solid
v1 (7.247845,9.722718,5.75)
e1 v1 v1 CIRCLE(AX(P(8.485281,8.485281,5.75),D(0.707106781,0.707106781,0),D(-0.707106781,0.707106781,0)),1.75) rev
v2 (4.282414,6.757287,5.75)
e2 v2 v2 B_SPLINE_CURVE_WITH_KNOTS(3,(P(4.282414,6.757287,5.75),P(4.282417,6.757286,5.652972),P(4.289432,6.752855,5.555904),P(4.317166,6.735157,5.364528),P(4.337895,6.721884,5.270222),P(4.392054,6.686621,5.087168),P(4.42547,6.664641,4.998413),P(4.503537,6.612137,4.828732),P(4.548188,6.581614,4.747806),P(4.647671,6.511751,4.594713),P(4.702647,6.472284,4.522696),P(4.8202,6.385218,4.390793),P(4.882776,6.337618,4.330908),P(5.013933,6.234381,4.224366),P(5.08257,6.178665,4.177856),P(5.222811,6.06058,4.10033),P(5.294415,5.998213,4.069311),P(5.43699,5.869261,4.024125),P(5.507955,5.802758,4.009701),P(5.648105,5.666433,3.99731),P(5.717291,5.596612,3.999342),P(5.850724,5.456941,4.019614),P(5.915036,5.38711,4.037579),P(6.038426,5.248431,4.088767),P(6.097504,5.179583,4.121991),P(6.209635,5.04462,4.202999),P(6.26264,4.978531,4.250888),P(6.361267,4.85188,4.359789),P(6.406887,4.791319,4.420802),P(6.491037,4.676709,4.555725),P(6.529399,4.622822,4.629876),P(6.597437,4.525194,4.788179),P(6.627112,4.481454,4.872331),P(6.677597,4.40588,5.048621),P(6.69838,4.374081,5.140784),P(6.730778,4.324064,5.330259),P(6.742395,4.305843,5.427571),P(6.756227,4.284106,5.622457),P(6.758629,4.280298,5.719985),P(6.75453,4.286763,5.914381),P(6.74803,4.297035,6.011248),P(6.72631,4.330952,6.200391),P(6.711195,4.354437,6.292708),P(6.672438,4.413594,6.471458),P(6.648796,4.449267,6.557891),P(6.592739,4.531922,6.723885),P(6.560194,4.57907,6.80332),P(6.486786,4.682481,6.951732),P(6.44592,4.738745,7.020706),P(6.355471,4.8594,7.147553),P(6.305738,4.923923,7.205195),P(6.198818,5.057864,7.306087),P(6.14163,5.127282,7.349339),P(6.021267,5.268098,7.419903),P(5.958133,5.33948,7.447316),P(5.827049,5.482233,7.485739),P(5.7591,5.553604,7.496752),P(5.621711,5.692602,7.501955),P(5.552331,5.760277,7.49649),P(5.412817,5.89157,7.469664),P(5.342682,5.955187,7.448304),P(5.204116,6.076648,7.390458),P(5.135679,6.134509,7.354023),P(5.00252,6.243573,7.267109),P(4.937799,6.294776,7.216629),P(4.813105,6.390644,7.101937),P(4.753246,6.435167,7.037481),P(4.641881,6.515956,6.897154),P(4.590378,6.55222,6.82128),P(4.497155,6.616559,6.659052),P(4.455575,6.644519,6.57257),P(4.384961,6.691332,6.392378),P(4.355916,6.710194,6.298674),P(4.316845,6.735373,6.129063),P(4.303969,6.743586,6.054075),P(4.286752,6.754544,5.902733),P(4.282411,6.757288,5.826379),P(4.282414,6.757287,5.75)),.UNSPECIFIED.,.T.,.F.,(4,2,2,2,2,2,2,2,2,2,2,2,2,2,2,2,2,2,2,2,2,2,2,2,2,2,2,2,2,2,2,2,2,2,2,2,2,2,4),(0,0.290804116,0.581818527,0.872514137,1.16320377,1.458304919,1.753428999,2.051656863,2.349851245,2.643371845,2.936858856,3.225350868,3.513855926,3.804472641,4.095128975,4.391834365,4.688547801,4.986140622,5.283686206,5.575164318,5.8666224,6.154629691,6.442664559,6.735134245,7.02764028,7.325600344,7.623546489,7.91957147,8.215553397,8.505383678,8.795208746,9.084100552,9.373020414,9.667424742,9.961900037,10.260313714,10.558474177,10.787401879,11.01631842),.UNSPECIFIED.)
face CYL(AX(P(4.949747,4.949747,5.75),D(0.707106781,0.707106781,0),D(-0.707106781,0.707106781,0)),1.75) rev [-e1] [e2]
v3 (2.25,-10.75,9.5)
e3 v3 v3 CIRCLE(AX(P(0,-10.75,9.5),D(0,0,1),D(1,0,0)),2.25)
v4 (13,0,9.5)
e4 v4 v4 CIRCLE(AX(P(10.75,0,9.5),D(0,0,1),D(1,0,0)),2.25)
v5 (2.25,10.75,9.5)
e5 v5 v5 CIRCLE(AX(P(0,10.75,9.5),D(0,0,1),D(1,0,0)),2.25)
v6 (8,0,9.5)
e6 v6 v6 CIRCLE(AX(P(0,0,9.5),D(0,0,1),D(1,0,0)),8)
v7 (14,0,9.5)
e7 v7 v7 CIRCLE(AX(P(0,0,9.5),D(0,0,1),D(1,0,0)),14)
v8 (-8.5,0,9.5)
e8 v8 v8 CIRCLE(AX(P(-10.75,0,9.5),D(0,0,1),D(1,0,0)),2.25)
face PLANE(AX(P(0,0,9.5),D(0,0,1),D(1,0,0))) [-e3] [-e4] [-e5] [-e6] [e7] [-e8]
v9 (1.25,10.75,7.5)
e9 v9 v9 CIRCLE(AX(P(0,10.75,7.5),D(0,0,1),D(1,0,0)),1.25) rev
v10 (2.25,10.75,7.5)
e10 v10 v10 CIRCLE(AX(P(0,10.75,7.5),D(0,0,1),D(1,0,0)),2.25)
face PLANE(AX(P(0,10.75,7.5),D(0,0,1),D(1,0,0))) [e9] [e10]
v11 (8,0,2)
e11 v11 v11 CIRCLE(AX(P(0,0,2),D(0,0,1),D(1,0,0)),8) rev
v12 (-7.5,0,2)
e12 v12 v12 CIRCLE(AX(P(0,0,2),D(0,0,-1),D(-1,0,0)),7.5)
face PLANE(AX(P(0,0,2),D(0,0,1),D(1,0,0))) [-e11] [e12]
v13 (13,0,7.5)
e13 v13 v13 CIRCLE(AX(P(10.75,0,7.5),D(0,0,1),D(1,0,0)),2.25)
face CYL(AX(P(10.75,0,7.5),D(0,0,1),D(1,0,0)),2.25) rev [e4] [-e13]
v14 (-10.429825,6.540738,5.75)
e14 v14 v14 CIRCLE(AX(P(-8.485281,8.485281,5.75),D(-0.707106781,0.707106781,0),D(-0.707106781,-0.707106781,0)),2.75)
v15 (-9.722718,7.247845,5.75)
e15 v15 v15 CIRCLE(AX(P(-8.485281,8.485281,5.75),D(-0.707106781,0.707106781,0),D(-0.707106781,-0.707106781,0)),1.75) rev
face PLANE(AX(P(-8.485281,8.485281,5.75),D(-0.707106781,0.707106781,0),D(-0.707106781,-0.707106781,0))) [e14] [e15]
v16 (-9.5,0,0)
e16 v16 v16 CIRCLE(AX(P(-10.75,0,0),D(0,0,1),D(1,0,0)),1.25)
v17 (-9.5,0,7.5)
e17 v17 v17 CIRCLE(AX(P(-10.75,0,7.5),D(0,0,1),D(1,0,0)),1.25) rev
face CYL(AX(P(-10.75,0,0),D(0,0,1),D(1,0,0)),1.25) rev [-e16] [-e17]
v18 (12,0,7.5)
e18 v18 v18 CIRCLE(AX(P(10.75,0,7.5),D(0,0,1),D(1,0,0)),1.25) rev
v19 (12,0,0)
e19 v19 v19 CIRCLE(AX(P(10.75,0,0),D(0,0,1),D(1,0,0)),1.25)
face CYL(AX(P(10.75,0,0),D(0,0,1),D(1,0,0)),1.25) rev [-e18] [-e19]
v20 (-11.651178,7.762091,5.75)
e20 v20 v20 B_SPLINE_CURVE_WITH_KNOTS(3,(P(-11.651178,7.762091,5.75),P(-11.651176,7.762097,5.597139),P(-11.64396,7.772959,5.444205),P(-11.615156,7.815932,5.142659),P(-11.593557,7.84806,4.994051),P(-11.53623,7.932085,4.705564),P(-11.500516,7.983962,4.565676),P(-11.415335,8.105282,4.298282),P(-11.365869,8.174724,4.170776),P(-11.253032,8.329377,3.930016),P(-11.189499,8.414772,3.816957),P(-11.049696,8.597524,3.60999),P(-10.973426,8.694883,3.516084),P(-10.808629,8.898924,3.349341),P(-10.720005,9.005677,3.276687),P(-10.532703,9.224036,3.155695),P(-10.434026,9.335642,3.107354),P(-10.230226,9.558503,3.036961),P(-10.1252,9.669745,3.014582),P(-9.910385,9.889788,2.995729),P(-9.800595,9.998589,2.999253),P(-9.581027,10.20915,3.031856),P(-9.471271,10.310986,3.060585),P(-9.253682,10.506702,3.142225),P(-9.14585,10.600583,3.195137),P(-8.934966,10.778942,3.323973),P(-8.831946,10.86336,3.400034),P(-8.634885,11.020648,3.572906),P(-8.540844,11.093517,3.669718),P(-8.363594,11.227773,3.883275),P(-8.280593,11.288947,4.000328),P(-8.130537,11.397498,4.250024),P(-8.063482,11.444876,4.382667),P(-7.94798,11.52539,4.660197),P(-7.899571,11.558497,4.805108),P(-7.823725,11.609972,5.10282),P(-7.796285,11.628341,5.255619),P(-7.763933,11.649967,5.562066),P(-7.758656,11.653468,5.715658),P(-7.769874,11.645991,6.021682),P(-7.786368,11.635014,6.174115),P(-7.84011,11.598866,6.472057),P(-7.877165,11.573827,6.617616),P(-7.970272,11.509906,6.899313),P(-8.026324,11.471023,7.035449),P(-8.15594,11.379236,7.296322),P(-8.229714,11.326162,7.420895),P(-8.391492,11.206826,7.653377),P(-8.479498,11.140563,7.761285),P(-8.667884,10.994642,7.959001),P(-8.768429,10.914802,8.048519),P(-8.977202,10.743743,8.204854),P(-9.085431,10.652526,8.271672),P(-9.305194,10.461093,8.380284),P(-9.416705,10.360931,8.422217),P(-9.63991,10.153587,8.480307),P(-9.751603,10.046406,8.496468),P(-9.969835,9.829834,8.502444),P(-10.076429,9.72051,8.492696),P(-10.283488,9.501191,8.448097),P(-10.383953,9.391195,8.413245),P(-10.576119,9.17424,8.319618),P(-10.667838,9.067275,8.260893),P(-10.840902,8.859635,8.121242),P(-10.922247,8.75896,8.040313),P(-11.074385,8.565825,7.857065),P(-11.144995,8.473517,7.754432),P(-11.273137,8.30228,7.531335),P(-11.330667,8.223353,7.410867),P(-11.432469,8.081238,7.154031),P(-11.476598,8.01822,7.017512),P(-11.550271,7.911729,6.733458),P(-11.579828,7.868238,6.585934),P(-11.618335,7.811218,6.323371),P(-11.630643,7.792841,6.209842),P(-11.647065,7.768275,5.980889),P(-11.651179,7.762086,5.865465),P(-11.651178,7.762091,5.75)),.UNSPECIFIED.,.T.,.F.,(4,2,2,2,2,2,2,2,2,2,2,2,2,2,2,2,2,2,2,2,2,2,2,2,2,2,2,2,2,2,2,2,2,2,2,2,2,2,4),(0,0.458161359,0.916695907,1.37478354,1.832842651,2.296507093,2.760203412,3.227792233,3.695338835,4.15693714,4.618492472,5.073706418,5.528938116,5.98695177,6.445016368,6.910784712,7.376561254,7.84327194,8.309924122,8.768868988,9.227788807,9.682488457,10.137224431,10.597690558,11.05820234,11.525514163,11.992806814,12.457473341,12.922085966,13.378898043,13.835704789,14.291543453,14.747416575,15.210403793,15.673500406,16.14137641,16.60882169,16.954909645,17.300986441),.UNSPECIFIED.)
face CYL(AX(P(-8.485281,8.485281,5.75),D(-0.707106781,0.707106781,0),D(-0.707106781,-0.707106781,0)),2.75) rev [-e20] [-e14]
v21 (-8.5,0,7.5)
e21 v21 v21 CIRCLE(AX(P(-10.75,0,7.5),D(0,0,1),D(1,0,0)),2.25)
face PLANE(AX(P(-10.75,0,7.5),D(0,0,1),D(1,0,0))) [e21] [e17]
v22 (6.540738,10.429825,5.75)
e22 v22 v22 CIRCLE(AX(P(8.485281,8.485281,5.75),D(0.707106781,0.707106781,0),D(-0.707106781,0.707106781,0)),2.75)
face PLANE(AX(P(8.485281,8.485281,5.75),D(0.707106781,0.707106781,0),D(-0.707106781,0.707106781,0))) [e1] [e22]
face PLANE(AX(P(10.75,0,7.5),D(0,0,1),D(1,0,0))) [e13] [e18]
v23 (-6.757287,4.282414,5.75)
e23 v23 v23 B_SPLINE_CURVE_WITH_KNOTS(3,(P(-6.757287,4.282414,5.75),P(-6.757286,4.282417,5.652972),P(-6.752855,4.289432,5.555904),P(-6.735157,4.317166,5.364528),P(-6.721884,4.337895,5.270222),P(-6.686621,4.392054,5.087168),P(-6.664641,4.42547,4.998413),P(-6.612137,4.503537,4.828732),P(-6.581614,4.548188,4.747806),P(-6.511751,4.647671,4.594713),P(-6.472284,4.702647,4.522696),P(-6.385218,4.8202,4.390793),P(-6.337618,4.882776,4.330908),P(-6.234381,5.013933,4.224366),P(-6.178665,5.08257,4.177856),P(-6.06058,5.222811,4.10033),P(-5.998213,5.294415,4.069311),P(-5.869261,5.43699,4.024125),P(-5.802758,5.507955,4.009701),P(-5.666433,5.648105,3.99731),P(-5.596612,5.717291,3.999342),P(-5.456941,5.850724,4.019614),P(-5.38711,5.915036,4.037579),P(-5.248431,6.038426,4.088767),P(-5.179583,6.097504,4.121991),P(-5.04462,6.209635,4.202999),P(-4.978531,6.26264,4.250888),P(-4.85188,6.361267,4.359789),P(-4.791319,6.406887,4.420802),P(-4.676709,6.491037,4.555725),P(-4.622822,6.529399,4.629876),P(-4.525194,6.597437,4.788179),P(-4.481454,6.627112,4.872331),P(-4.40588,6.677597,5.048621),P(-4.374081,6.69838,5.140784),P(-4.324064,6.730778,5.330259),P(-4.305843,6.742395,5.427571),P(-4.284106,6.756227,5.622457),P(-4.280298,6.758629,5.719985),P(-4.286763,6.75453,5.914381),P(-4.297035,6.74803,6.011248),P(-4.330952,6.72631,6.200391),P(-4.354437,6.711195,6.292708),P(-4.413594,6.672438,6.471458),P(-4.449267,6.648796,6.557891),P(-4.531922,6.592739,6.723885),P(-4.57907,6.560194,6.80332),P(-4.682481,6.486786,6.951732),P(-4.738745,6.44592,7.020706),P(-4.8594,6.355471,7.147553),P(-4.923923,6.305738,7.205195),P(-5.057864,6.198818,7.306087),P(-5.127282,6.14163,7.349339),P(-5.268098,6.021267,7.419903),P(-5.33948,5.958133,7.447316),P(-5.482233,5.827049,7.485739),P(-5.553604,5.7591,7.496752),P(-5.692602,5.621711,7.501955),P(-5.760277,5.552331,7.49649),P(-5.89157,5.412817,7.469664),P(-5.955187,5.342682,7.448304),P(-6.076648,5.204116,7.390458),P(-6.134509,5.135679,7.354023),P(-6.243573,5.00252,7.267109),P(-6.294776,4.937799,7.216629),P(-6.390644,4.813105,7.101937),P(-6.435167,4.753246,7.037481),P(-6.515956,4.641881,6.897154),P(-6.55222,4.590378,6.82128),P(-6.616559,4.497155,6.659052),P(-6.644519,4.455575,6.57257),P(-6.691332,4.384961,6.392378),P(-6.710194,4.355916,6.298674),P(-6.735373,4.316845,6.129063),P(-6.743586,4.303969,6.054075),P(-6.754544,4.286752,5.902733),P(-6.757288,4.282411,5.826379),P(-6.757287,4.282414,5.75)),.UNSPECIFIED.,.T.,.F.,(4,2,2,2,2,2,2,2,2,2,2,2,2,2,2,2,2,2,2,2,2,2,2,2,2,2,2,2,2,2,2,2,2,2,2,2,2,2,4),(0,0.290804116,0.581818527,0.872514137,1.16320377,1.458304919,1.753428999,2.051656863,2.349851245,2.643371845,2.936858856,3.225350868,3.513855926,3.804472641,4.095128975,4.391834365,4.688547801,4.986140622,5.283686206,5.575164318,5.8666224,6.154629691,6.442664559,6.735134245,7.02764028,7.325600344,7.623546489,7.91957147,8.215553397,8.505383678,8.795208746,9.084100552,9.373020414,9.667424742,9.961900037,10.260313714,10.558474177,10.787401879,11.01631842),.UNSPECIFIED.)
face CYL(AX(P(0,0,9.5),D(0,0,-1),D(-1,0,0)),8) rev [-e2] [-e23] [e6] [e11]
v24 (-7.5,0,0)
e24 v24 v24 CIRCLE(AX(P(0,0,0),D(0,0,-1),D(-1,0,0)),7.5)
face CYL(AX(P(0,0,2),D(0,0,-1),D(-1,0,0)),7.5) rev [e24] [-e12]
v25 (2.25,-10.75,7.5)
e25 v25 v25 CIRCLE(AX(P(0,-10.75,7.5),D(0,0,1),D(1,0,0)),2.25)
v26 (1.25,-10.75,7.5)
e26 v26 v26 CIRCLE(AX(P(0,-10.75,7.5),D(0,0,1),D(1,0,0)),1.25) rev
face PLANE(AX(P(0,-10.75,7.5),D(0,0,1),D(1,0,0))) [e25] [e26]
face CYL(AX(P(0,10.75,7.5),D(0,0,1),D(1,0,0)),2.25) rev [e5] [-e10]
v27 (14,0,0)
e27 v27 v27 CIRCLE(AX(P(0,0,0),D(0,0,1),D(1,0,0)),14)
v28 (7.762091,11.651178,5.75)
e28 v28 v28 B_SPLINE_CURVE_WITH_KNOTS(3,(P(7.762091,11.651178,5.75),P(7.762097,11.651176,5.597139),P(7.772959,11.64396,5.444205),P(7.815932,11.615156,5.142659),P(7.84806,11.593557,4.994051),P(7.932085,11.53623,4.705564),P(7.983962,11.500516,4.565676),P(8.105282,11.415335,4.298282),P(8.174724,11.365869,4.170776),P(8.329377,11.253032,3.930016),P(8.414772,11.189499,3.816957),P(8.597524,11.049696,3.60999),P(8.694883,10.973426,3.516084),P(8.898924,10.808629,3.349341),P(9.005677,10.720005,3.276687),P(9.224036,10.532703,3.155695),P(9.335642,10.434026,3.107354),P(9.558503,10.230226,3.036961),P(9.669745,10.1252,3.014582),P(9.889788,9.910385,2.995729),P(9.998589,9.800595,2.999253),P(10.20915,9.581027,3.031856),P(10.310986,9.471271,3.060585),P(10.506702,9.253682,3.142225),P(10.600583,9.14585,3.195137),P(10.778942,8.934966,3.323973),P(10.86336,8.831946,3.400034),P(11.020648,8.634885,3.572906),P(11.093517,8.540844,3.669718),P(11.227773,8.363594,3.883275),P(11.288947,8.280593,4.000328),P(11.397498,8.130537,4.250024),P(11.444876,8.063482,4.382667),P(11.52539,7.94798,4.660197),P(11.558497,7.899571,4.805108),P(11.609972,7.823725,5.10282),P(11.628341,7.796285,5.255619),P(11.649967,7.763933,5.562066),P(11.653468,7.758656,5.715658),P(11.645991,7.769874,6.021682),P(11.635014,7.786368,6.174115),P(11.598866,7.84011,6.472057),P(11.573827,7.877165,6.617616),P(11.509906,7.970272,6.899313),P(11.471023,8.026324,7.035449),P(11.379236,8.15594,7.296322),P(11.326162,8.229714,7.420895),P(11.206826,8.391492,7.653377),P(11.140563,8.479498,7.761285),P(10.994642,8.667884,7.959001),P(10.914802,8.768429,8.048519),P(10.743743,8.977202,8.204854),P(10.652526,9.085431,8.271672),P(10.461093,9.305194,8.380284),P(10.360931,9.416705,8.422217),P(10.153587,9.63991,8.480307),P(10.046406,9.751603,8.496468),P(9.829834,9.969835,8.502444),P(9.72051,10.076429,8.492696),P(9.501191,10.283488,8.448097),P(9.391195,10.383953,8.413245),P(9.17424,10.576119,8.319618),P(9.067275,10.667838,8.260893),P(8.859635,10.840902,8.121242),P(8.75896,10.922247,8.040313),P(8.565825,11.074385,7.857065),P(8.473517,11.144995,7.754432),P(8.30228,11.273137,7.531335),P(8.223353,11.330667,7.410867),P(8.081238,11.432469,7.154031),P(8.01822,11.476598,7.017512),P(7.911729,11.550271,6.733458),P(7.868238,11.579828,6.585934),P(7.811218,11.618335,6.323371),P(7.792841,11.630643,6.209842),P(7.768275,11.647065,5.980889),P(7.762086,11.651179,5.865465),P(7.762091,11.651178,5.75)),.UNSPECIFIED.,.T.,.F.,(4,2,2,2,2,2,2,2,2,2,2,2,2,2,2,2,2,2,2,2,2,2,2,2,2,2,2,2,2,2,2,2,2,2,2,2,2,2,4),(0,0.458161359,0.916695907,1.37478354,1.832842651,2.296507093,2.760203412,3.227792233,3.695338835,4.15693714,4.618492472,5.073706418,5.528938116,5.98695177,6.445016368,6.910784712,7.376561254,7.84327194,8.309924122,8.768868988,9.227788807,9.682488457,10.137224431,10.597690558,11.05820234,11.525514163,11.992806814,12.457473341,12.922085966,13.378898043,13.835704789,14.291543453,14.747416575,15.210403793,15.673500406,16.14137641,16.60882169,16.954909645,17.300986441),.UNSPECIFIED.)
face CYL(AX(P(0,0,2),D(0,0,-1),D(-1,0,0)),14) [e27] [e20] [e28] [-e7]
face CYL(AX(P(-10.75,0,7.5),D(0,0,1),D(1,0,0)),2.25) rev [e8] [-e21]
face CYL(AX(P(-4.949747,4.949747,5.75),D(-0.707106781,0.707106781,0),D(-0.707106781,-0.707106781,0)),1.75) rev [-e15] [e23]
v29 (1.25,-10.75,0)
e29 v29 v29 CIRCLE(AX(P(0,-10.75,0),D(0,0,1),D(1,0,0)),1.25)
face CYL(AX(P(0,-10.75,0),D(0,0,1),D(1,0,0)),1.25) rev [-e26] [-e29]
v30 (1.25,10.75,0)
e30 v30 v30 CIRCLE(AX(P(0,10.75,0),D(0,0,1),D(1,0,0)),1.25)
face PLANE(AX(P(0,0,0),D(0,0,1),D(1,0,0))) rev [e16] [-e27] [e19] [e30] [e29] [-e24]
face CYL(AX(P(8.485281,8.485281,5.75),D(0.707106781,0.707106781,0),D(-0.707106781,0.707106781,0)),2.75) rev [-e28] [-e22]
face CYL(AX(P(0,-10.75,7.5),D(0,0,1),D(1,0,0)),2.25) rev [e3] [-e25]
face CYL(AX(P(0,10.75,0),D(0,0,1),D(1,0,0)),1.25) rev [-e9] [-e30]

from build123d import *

# Parameters (mm, degrees)
SKETCH1_R           = 14
BOSS_EXTRUDE1_DEPTH = 2
SKETCH2_R           = 14
SKETCH2_R_2         = 8
BOSS_EXTRUDE2_DEPTH = 7.5
SKETCH3_R           = 7.5
CUT_EXTRUDE1_DEPTH  = 2
SKETCH5_R           = 1.25
CUT_EXTRUDE2_DEPTH  = 22.960191256
SKETCH7_R           = 1.75
CUT_EXTRUDE3_DEPTH  = 7
SKETCH9_R           = 1.75
CUT_EXTRUDE4_DEPTH  = 7
SKETCH10_R          = 2.25
CUT_EXTRUDE5_DEPTH  = 2
SKETCH11_R          = 2.75
CUT_EXTRUDE6_DEPTH  = 2
SKETCH12_R          = 2.75
CUT_EXTRUDE7_DEPTH  = 2


with BuildPart() as part:
    # Sketch1 → Boss-Extrude1 (new body)
    with BuildSketch(Plane.XY):
        Circle(SKETCH1_R)
    extrude(amount=BOSS_EXTRUDE1_DEPTH)

    # Sketch2 → Boss-Extrude2 (add)
    with BuildSketch(Plane.XY.offset(2)):
        Circle(SKETCH2_R)
        Circle(SKETCH2_R_2, mode=Mode.SUBTRACT)
    extrude(amount=BOSS_EXTRUDE2_DEPTH)

    # Sketch3 → Cut-Extrude1 (cut)
    with BuildSketch(Plane(origin=(0, 0, 0), x_dir=(-1, 0, 0), z_dir=(0, 0, -1))):
        Circle(SKETCH3_R)
    extrude(amount=-CUT_EXTRUDE1_DEPTH, mode=Mode.SUBTRACT)

    # Sketch5 → Cut-Extrude2 (cut, through all)
    with BuildSketch(Plane.XY.offset(9.5)):
        with Locations((0, 10.75)):
            Circle(SKETCH5_R)
        with Locations((10.75, 0)):
            Circle(SKETCH5_R)
        with Locations((0, -10.75)):
            Circle(SKETCH5_R)
        with Locations((-10.75, 0)):
            Circle(SKETCH5_R)
    extrude(amount=-CUT_EXTRUDE2_DEPTH, mode=Mode.SUBTRACT)

    # Sketch7 → Cut-Extrude3 (cut)
    with BuildSketch(Plane(origin=(9.899494937, 9.899494937, 0), x_dir=(0.7071067811865489, -0.7071067811865461, 0), z_dir=(0.7071067811865461, 0.7071067811865489, 0))):
        with Locations((0, -5.75)):
            Circle(SKETCH7_R)
    extrude(amount=-CUT_EXTRUDE3_DEPTH, mode=Mode.SUBTRACT)

    # Sketch9 → Cut-Extrude4 (cut)
    with BuildSketch(Plane(origin=(-9.899494937, 9.899494937, 0), x_dir=(0, 0, 1), z_dir=(-0.7071067811865489, 0.7071067811865462, 0))):
        with Locations((5.75, 0)):
            Circle(SKETCH9_R)
    extrude(amount=-CUT_EXTRUDE4_DEPTH, mode=Mode.SUBTRACT)

    # Sketch10 → Cut-Extrude5 (cut)
    with BuildSketch(Plane.XY.offset(9.5)):
        with Locations((0, 10.75)):
            Circle(SKETCH10_R)
        with Locations((10.75, 0)):
            Circle(SKETCH10_R)
        with Locations((0, -10.75)):
            Circle(SKETCH10_R)
        with Locations((-10.75, 0)):
            Circle(SKETCH10_R)
    extrude(amount=-CUT_EXTRUDE5_DEPTH, mode=Mode.SUBTRACT)

    # Sketch11 → Cut-Extrude6 (cut)
    with BuildSketch(Plane(origin=(9.899494937, 9.899494937, 0), x_dir=(0.7071067811865489, -0.7071067811865461, 0), z_dir=(0.7071067811865461, 0.7071067811865489, 0))):
        with Locations((0, -5.75)):
            Circle(SKETCH11_R)
    extrude(amount=-CUT_EXTRUDE6_DEPTH, mode=Mode.SUBTRACT)

    # Sketch12 → Cut-Extrude7 (cut)
    with BuildSketch(Plane(origin=(-9.899494937, 9.899494937, 0), x_dir=(0, 0, 1), z_dir=(-0.7071067811865489, 0.7071067811865462, 0))):
        with Locations((5.75, 0)):
            Circle(SKETCH12_R)
    extrude(amount=-CUT_EXTRUDE7_DEPTH, mode=Mode.SUBTRACT)


solid = part.part
